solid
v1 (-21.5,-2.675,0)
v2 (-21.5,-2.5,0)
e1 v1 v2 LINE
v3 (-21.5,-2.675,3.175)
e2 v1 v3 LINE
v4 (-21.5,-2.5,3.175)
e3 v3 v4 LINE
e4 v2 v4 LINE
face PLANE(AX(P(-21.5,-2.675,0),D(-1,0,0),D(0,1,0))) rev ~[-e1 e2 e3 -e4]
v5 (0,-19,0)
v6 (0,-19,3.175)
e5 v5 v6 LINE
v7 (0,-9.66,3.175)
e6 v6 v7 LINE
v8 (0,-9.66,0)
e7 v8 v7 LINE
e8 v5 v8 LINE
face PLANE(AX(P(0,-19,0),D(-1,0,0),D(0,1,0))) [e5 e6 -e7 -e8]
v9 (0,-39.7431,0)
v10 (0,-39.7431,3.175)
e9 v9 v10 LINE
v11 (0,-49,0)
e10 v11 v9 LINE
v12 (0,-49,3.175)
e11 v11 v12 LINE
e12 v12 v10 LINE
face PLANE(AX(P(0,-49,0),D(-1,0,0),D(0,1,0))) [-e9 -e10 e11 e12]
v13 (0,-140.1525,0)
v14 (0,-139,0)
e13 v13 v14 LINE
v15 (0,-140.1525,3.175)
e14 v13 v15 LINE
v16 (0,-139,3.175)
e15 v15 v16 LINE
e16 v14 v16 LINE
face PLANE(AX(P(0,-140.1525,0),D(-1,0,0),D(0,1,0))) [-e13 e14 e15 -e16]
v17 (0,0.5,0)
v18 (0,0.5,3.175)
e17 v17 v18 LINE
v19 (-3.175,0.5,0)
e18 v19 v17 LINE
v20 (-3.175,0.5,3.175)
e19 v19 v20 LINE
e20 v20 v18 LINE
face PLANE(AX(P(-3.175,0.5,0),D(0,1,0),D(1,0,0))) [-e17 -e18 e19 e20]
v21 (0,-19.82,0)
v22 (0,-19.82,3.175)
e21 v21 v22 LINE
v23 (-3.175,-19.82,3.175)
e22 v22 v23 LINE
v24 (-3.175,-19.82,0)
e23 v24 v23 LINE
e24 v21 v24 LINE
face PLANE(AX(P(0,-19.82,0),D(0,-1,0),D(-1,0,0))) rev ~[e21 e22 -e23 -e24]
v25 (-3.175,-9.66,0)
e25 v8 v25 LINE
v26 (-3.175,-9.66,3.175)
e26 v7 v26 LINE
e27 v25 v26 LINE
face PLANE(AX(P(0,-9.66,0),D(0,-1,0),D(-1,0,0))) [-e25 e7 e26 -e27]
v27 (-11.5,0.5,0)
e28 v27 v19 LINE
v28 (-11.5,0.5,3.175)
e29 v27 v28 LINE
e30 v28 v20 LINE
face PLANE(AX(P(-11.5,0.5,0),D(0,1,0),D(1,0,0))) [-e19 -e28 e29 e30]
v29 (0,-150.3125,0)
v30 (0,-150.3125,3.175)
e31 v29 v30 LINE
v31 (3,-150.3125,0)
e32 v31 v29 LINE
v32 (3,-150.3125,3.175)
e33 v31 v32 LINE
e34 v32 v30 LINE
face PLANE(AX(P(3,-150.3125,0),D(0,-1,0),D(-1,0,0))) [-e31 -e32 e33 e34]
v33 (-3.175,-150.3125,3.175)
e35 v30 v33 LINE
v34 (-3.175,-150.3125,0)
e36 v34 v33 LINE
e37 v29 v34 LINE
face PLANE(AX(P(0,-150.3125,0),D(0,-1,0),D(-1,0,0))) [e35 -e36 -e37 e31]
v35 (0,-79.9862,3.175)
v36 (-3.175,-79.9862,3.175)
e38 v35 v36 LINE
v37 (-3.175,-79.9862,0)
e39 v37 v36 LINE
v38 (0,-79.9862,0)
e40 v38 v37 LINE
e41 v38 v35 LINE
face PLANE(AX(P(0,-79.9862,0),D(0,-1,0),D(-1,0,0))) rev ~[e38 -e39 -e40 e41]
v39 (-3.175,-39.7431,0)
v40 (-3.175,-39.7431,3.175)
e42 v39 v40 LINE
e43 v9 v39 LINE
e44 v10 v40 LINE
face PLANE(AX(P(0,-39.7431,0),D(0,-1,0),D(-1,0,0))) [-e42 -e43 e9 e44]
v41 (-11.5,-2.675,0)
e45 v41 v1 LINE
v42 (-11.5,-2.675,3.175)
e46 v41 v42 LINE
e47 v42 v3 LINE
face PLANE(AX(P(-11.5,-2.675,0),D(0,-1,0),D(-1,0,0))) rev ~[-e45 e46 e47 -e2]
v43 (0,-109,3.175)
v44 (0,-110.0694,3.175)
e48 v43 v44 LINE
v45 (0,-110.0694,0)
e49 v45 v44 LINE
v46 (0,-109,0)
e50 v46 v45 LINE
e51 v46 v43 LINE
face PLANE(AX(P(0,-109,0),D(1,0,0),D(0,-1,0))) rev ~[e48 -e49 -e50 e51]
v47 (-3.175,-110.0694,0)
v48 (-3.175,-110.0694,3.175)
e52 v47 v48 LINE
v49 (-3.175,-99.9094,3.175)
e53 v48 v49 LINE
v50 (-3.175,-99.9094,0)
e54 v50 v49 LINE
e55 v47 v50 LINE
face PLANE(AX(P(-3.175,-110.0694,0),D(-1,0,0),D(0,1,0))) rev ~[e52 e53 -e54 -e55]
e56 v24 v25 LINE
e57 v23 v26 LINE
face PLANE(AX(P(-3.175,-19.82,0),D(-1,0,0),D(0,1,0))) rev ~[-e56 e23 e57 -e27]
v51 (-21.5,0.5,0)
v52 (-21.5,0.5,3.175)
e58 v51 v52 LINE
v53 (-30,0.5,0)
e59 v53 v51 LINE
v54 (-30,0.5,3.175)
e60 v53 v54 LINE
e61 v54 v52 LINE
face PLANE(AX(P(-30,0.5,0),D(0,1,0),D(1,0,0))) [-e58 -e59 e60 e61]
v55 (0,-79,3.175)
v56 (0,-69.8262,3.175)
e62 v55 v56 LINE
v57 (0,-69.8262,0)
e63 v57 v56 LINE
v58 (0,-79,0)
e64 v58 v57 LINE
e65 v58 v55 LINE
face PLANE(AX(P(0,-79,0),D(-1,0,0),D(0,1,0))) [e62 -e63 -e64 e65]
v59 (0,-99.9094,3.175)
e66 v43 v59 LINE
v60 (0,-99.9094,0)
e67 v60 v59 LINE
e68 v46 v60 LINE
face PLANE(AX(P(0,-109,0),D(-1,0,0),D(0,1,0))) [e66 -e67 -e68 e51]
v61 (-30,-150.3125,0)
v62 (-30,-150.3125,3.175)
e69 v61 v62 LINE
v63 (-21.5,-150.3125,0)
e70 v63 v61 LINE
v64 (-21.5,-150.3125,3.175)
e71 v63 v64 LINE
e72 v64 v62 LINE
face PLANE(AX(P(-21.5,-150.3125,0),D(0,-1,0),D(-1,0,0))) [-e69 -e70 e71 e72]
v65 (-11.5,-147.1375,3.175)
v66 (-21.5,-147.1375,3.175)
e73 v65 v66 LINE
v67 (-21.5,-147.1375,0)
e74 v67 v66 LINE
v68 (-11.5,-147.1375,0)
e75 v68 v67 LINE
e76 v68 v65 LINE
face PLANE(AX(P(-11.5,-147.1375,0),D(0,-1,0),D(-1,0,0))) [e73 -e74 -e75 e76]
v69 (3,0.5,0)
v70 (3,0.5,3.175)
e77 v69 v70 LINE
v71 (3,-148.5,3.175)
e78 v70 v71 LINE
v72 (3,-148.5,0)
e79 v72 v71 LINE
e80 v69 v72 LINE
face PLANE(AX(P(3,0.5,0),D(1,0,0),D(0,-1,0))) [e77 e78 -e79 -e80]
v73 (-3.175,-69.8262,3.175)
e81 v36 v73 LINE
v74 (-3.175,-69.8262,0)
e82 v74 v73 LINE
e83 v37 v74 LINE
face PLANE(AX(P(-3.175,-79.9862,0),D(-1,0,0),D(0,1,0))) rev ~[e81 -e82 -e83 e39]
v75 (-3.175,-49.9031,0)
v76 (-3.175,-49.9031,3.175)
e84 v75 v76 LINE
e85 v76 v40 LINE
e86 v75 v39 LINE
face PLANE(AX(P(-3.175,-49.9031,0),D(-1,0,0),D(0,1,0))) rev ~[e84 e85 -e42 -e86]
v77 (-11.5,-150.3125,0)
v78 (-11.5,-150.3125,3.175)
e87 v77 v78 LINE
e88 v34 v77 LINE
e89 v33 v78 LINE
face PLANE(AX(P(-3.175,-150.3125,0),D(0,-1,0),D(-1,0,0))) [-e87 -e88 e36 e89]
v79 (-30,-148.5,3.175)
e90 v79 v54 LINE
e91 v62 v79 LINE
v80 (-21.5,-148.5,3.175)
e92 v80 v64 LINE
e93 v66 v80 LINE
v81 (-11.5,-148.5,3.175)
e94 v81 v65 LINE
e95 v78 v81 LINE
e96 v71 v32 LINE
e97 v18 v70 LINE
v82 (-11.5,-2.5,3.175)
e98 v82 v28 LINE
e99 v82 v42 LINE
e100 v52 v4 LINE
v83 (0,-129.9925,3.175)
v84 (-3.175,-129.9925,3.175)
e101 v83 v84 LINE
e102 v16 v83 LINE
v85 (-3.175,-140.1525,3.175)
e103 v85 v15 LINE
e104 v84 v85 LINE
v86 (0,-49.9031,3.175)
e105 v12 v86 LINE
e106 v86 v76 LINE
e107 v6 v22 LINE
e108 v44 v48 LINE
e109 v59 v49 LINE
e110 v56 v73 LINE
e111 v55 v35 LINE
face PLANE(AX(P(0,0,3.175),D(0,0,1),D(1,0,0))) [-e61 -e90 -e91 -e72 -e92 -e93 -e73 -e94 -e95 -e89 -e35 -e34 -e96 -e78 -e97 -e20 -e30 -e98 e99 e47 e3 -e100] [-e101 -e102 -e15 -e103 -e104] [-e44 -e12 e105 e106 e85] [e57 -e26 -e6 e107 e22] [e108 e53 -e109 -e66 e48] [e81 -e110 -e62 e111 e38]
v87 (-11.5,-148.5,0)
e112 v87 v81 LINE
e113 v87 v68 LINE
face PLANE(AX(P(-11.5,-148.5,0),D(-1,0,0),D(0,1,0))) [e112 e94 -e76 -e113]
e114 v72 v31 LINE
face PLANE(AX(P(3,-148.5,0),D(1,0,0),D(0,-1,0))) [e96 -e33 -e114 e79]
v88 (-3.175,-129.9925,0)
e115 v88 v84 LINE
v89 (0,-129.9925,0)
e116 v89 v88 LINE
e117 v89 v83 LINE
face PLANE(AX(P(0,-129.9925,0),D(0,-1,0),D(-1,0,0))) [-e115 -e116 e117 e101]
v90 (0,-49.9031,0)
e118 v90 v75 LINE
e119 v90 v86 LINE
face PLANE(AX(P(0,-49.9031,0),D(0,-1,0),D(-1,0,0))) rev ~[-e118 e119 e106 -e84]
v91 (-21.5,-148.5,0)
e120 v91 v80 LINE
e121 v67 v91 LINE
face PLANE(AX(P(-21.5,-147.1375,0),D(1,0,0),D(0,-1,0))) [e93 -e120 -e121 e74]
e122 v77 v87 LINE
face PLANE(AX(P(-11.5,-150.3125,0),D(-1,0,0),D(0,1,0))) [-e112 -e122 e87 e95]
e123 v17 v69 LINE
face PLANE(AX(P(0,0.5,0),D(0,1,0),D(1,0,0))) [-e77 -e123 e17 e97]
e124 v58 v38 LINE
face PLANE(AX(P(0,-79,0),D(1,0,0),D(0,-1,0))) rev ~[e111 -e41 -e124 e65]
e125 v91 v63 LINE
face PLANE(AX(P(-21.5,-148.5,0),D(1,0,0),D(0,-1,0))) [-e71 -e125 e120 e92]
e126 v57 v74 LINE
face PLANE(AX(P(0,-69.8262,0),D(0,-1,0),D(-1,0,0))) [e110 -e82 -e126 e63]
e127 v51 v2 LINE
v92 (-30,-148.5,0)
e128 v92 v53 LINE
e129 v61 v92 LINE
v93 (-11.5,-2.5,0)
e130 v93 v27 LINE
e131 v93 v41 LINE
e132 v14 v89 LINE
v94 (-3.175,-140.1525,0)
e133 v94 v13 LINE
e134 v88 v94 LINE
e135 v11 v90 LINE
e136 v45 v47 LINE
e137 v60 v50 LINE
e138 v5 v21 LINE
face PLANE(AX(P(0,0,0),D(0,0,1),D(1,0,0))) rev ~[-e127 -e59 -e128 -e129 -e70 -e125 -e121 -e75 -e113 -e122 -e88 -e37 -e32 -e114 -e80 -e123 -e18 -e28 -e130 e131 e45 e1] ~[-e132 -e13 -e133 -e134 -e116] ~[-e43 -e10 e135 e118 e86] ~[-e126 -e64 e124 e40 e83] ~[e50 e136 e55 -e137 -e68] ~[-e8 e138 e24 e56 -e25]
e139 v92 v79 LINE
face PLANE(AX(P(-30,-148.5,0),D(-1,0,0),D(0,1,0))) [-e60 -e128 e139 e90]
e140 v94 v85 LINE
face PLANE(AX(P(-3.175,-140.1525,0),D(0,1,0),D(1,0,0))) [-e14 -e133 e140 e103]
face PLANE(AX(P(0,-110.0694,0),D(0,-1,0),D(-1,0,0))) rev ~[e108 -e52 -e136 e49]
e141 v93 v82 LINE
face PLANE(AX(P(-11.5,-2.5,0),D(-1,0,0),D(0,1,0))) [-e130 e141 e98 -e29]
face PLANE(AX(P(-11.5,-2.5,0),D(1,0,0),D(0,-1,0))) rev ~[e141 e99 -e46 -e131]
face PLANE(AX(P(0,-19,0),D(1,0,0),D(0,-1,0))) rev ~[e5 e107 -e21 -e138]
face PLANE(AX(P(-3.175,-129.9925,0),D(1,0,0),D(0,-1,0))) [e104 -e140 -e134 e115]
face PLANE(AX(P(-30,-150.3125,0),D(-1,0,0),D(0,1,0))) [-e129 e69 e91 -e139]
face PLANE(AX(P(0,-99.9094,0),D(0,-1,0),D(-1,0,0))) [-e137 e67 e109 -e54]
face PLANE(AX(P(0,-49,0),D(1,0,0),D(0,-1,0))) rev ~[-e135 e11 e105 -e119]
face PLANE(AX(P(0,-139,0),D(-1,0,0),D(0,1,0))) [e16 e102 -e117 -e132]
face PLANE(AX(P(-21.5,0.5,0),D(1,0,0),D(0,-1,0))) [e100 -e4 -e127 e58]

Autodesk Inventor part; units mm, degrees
ref_plane "YZ Plane" through (0, 0, 0) normal (1, 0, 0) x (0, 1, 0)
ref_plane "XZ Plane" through (0, 0, 0) normal (0, 1, 0) x (-1, 0, 0)
ref_plane "XY Plane" through (0, 0, 0) normal (0, 0, 1) x (1, 0, 0)
sketch "Sketch1" plane through (0, 0, 0) normal (0, 0, 1) x (1, 0, 0)
  line L0 (-11.5, 0.5) -> (3, 0.5)
  line L1 (3, 0.5) -> (3, -148.5)
  line L2 (-11.5, -148.5) -> (-11.5, -147.1375)
  line L3 (-21.5, -147.1375) -> (-21.5, -148.5)
  line L4 (-30, -148.5) -> (-30, 0.5)
  line L5 (-30, 0.5) -> (-21.5, 0.5)
  line L6 (-21.5, 0.5) -> (-21.5, -2.5)
  line L7 (-11.5, -2.5) -> (-11.5, 0.5)
  line L8 (0, -19) -> (0, -9.66)
  line L9 (0, -49) -> (0, -39.7431)
  line L10 (0, -79) -> (0, -69.8262)
  line L11 (0, -109) -> (0, -99.9094)
  line L12 (0, -139) -> (0, -129.9925)
  line L13 (-11.5, 0.5) -> (3, 0.5)
  line L14 (3, 0.5) -> (3, -148.5)
  line L15 (-11.5, -148.5) -> (-11.5, -147.1375)
  line L16 (-21.5, -147.1375) -> (-21.5, -148.5)
  line L17 (-30, -148.5) -> (-30, 0.5)
  line L18 (-30, 0.5) -> (-21.5, 0.5)
  line L19 (-21.5, 0.5) -> (-21.5, -2.5)
  line L20 (-11.5, -2.5) -> (-11.5, 0.5)
  line L21 (0, -19) -> (0, -9.66)
  line L22 (0, -49) -> (0, -39.7431)
  line L23 (0, -79) -> (0, -69.8262)
  line L24 (0, -109) -> (0, -99.9094)
  line L25 (0, -139) -> (0, -129.9925)
  line L26 (3, 0.5) -> (3, -150.3125)
  line L27 (-30, -150.3125) -> (-30, 0.5)
  line L28 (-11.5, -150.3125) -> (-11.5, -147.1375)
  line L29 (-11.5, -147.1375) -> (-21.5, -147.1375)
  line L30 (-21.5, -147.1375) -> (-21.5, -150.3125)
  line L31 (3, -150.3125) -> (-11.5, -150.3125)
  line L32 (-21.5, -150.3125) -> (-30, -150.3125)
  line L33 (-30, 0.5) -> (-21.5, 0.5)
  line L34 (-11.5, 0.5) -> (3, 0.5)
  line L35 (-11.5, 0.5) -> (-11.5, -2.675)
  line L36 (-11.5, -2.675) -> (-21.5, -2.675)
  line L37 (-21.5, -2.675) -> (-21.5, 0.5)
  line L38 (0, 0.5) -> (-3.175, 0.5)
  line L39 (-3.175, -150.3125) -> (0, -150.3125)
  line L40 (-3.175, 0.5) -> (0, 0.5)
  line L41 (0, -9.66) -> (-3.175, -9.66)
  line L42 (0, -150.3125) -> (-3.175, -150.3125)
  line L43 (-3.175, -140.1525) -> (0, -140.1525)
  line L44 (-3.175, -140.1525) -> (0, -140.1525)
  line L45 (0, -140.1525) -> (0, -129.9925)
  line L46 (0, -129.9925) -> (-3.175, -129.9925)
  line L47 (-3.175, -129.9925) -> (-3.175, -140.1525)
  line L48 (-3.175, -9.66) -> (0, -9.66)
  line L49 (0, -9.66) -> (0, -19.82)
  line L50 (0, -19.82) -> (-3.175, -19.82)
  line L51 (-3.175, -19.82) -> (-3.175, -9.66)
  line L52 (-3.175, -19.82) -> (0, -19.82)
  line L53 (0, -39.7431) -> (-3.175, -39.7431)
  line L54 (-3.175, -39.7431) -> (0, -39.7431)
  line L55 (0, -39.7431) -> (0, -49.9031)
  line L56 (0, -49.9031) -> (-3.175, -49.9031)
  line L57 (-3.175, -49.9031) -> (-3.175, -39.7431)
  line L58 (-3.175, -49.9031) -> (0, -49.9031)
  line L59 (0, -69.8262) -> (-3.175, -69.8262)
  line L60 (-3.175, -69.8262) -> (0, -69.8262)
  line L61 (0, -69.8262) -> (0, -79.9862)
  line L62 (0, -79.9862) -> (-3.175, -79.9862)
  line L63 (-3.175, -79.9862) -> (-3.175, -69.8262)
  line L64 (-3.175, -79.9862) -> (0, -79.9862)
  line L65 (0, -99.9094) -> (-3.175, -99.9094)
  line L66 (-3.175, -99.9094) -> (0, -99.9094)
  line L67 (0, -99.9094) -> (0, -110.0694)
  line L68 (0, -110.0694) -> (-3.175, -110.0694)
  line L69 (-3.175, -110.0694) -> (-3.175, -99.9094)
  line L70 (-3.175, -110.0694) -> (0, -110.0694)
  line L71 (0, -129.9925) -> (-3.175, -129.9925)
  line L72 (-3.175, -9.66) -> (-3.175, -19.82)
  line L73 (-3.175, -39.7431) -> (-3.175, -49.9031)
  line L74 (-3.175, -69.8262) -> (-3.175, -79.9862)
  line L75 (-3.175, -99.9094) -> (-3.175, -110.0694)
  line L76 (-3.175, -129.9925) -> (-3.175, -140.1525)
  line L77 (0, -140.1525) -> (0, -129.9925)
  line L78 (0, -110.0694) -> (0, -99.9094)
  line L79 (0, -79.9862) -> (0, -69.8262)
  line L80 (0, -49.9031) -> (0, -39.7431)
  line L81 (0, -19.82) -> (0, -9.66)
  point P0 (0, 0)
  dimension "d2" = 3.175
  dimension "d4" = 10.16
  dimension "d7" = 10.16
  dimension "d9" = 10.16
  dimension "d11" = 10.16
  dimension "d12" = 19.9231
  dimension "d13" = 10.16
extrude "Extrusion1" add sketch "Sketch1" along normal blind 3.175
properties part number "1-8inch_Bottom1_1-Part"
